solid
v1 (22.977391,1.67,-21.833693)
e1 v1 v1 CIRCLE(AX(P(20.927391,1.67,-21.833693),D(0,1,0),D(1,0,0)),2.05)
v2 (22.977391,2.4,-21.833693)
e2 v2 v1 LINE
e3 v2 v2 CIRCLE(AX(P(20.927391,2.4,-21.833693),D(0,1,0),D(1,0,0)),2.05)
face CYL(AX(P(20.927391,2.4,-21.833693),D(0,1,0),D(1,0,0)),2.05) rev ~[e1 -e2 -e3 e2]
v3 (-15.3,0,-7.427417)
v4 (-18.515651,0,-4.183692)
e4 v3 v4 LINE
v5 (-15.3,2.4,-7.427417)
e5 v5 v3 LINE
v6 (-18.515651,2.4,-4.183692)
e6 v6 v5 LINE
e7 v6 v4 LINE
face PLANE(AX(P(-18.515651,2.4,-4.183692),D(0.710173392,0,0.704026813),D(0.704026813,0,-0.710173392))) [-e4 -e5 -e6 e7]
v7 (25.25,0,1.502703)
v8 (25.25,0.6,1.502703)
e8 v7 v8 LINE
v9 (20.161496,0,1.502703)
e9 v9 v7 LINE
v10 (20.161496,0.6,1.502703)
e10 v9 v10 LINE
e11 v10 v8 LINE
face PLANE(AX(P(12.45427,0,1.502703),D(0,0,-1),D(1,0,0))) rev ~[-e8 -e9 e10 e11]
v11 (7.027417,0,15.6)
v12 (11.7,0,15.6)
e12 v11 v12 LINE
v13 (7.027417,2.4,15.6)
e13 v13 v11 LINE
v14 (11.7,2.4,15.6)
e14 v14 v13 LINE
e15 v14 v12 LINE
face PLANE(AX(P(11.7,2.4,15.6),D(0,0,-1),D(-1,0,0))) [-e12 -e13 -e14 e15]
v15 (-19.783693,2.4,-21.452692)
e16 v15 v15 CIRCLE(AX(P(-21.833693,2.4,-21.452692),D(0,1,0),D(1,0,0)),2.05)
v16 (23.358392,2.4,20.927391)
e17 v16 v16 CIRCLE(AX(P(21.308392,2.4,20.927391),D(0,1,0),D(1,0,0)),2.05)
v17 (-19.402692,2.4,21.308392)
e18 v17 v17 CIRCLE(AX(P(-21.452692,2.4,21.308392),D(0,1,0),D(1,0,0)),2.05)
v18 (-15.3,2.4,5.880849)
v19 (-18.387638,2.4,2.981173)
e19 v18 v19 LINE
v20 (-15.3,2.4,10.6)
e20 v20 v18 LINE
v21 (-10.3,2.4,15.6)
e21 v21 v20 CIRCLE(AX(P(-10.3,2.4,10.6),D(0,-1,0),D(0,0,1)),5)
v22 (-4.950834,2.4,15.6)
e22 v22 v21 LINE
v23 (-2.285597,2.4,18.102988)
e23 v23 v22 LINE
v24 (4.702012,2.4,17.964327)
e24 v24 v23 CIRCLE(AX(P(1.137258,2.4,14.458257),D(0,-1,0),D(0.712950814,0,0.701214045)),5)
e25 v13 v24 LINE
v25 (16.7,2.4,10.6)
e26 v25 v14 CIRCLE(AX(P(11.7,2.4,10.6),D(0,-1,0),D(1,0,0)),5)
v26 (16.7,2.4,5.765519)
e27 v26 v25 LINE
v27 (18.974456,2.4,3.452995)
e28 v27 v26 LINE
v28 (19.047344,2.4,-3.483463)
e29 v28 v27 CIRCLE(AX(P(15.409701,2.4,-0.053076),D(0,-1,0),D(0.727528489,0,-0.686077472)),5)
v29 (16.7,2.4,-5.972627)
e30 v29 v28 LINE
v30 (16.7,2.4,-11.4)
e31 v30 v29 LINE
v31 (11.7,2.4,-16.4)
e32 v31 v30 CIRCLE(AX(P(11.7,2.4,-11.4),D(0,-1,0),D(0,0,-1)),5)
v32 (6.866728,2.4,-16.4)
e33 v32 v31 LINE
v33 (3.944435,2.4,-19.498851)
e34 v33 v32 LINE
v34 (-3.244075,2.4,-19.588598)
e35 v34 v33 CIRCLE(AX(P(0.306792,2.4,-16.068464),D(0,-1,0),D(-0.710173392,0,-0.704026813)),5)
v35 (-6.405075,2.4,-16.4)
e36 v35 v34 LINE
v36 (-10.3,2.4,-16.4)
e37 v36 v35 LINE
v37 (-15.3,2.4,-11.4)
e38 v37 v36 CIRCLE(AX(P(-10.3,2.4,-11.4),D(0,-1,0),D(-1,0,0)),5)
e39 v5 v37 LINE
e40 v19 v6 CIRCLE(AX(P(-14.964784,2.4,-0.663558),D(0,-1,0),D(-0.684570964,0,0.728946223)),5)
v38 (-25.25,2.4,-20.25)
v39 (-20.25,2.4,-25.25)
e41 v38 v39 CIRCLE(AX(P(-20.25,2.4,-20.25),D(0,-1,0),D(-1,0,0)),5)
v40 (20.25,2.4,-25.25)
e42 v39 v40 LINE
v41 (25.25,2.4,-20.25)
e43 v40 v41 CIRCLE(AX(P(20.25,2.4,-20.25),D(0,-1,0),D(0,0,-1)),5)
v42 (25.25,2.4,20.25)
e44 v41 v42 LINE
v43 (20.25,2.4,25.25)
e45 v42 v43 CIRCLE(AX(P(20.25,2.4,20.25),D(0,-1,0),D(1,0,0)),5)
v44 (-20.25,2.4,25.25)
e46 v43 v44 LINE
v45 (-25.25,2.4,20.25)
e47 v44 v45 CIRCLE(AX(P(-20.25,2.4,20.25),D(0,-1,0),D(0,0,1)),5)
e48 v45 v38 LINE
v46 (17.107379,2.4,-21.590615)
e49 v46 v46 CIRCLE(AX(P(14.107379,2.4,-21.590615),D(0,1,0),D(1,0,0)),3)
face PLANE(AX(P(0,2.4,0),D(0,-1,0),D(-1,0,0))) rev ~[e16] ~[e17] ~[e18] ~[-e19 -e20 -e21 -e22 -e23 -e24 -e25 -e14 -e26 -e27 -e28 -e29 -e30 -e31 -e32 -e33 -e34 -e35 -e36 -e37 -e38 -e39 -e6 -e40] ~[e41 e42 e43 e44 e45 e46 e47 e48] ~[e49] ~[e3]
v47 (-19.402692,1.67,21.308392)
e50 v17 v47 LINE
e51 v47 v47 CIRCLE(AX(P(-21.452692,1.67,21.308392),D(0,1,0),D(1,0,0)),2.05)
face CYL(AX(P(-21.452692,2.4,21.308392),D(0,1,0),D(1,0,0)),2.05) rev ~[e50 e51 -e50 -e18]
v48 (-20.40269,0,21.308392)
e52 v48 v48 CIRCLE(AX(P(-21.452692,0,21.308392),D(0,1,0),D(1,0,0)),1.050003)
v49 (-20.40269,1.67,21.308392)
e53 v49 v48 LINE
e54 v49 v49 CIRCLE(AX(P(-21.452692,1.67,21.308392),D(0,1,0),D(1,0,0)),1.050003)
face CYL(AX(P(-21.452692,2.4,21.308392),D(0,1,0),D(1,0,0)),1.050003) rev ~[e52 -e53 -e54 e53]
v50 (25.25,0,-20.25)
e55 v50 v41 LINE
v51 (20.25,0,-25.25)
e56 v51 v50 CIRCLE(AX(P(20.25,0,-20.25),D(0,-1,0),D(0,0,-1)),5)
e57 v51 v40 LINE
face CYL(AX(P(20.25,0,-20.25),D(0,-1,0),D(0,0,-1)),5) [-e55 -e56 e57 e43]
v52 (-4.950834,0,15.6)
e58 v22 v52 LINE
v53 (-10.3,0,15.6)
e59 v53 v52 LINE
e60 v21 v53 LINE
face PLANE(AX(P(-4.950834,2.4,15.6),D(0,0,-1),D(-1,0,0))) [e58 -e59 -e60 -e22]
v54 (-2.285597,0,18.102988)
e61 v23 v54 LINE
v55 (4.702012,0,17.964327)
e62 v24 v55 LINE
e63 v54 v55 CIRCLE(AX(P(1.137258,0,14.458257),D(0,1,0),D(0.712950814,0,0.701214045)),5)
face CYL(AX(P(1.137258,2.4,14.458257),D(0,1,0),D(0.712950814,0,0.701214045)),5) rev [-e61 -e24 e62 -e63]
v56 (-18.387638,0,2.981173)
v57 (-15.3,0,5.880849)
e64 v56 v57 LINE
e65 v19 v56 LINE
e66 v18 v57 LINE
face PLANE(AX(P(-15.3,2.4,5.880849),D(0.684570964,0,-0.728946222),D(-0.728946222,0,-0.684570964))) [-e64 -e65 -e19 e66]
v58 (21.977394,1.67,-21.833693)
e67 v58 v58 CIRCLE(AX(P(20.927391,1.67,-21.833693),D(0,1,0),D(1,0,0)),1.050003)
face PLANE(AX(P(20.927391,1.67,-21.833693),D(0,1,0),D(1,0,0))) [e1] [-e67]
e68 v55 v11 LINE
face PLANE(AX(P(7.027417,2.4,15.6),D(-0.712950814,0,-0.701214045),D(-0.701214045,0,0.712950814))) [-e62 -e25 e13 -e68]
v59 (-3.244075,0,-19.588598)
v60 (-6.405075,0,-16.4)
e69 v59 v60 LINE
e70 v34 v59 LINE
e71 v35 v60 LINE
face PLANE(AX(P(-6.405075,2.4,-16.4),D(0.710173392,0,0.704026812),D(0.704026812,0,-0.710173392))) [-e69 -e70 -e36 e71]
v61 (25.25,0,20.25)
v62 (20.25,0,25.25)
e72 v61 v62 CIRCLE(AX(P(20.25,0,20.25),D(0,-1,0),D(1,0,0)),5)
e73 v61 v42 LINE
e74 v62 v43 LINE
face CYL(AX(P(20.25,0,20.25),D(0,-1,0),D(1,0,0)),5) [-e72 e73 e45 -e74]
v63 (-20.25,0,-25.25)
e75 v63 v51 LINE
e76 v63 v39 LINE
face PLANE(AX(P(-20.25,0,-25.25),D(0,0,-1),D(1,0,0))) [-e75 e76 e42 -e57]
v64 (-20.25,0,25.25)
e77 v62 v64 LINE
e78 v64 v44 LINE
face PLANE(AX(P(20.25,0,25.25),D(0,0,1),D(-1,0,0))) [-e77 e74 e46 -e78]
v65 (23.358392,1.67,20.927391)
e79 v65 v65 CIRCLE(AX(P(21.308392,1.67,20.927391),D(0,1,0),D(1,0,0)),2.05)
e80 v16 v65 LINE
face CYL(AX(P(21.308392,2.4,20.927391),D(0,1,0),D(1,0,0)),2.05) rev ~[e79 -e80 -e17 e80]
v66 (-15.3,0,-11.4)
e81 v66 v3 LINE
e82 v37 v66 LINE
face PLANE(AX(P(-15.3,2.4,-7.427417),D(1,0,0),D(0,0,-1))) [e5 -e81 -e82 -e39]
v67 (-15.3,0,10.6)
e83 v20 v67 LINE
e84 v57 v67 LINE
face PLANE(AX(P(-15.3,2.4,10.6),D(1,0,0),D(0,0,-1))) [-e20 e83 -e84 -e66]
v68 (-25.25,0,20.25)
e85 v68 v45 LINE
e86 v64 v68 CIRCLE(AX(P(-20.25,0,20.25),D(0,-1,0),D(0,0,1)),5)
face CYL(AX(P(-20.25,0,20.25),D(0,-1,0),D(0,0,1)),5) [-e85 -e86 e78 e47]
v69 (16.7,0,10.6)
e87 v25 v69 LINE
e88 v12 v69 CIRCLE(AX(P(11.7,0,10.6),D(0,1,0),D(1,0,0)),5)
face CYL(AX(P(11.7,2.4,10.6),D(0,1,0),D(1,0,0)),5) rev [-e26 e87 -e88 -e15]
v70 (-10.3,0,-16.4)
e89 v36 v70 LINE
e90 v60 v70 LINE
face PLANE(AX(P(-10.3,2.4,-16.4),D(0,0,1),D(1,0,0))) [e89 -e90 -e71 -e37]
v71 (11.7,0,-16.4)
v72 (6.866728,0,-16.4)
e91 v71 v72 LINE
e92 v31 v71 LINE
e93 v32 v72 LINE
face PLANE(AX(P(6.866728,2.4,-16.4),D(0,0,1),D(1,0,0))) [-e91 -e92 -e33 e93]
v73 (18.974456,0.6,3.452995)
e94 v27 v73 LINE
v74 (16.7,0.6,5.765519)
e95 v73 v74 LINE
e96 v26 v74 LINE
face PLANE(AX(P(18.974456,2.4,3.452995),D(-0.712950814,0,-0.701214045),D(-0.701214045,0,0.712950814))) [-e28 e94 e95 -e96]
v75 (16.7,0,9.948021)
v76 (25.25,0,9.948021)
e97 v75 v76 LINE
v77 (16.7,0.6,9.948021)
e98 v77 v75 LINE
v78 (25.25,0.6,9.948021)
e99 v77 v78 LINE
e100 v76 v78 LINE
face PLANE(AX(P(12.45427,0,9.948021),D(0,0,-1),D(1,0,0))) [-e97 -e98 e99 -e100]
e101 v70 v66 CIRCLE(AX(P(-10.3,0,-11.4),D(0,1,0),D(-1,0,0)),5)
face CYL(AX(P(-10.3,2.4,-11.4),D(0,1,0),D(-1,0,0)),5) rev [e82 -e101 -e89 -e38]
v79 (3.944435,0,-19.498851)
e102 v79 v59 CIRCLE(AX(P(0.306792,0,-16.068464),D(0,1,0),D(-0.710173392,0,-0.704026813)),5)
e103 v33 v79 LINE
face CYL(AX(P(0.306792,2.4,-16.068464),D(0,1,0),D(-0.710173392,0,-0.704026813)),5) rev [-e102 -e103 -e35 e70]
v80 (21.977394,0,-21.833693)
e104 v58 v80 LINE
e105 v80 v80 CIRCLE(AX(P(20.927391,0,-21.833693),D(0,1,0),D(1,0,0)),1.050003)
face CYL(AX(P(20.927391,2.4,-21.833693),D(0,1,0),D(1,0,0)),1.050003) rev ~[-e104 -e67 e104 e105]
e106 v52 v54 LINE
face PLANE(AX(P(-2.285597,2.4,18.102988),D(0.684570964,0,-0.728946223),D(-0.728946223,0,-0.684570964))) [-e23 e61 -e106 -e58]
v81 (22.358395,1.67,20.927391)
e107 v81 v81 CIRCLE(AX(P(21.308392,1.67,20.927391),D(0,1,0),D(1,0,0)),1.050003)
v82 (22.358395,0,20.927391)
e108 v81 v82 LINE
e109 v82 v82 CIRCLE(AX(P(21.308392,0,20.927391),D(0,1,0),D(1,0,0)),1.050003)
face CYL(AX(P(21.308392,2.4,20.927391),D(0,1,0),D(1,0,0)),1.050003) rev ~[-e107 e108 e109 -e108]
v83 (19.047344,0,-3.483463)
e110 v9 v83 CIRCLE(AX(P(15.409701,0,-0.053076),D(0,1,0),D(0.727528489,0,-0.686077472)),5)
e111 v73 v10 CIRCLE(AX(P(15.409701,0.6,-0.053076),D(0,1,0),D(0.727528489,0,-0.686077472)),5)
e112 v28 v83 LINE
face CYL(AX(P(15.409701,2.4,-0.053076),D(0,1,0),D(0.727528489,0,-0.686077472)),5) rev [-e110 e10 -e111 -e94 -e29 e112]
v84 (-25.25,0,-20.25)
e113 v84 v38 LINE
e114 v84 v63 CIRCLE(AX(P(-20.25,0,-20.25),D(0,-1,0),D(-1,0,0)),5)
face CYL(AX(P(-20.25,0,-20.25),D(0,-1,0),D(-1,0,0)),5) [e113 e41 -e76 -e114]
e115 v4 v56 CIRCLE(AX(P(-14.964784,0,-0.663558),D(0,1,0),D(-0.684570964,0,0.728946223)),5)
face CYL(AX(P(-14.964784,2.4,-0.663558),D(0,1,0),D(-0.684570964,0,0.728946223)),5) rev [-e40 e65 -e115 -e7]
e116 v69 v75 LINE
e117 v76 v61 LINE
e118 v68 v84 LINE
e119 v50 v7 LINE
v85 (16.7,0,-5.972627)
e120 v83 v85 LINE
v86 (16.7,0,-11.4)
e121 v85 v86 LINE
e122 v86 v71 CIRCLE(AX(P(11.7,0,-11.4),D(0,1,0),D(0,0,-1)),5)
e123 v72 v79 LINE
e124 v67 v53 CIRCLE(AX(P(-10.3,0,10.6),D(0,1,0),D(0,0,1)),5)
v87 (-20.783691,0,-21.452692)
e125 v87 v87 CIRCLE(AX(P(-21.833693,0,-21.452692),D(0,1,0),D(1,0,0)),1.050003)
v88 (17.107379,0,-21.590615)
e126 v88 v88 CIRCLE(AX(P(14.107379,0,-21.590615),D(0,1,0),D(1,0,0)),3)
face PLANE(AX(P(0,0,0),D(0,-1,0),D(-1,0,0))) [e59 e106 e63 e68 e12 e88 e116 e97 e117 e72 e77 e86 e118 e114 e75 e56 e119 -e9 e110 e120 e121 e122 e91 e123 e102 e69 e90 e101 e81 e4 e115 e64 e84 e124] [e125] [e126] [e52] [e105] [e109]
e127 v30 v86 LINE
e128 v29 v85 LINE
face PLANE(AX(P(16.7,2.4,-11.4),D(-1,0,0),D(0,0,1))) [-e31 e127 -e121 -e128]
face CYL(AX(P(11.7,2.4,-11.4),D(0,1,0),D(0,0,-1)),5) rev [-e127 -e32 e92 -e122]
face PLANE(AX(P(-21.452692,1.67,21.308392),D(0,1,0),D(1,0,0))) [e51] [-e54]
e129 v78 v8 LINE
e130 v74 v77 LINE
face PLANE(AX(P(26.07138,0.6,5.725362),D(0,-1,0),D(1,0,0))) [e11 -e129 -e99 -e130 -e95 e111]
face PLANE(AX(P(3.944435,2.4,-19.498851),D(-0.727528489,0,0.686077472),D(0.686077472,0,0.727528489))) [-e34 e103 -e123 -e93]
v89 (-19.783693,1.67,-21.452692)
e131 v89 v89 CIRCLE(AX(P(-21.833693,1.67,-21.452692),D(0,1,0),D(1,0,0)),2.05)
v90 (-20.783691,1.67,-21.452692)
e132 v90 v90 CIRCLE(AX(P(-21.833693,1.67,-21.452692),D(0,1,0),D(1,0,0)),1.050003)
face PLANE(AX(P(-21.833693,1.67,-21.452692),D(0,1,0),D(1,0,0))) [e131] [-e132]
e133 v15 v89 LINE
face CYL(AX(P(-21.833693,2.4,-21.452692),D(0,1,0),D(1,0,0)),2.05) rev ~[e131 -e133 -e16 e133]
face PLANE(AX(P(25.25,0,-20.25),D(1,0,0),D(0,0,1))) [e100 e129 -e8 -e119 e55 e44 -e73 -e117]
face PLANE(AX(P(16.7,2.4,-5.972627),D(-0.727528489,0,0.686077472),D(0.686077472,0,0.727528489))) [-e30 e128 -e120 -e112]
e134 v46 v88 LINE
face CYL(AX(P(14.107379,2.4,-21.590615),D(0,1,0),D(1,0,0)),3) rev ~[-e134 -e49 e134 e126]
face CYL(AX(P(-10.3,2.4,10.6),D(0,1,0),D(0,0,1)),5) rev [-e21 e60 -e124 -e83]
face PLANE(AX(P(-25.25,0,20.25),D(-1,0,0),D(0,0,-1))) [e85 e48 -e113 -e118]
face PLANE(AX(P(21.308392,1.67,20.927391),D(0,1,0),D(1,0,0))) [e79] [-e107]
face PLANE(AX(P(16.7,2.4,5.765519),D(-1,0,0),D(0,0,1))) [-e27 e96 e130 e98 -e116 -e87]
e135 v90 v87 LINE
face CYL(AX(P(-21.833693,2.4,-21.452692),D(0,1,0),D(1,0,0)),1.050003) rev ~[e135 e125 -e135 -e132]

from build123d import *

# Parameters (mm, degrees)
EXTRUDE_1_DEPTH      = 2.4
SKETCH_2_R           = 1.05000254
CUT_EXTRUDE_1_DEPTH  = 10
CUT_EXTRUDE_8_DEPTH  = 3.4
SKETCH_4_R           = 2.05
CUT_EXTRUDE_9_DEPTH  = 0.73
SKETCH_5_R           = 3
CUT_EXTRUDE_10_DEPTH = 3.4
SKETCH_6_W           = 27.234219955
SKETCH_6_H           = 8.445318751
CUT_EXTRUDE_12_DEPTH = 0.6


with BuildPart() as part:
    # 草图1 → 凸台-拉伸1 (new body)
    with BuildSketch(Plane(origin=(0, 0, 0), x_dir=(1, 0, 0), z_dir=(0, 1, 0))):
        with BuildLine():
            Line((-20.25, 25.25), (20.25, 25.25))
            ThreePointArc((20.25, 25.25), (23.785533906, 23.785533906), (25.25, 20.25))
            Line((25.25, 20.25), (25.25, -20.25))
            ThreePointArc((25.25, -20.25), (23.785533906, -23.785533906), (20.25, -25.25))
            Line((20.25, -25.25), (-20.25, -25.25))
            ThreePointArc((-20.25, -25.25), (-23.785533906, -23.785533906), (-25.25, -20.25))
            Line((-25.25, -20.25), (-25.25, 20.25))
            ThreePointArc((-25.25, 20.25), (-23.785533906, 23.785533906), (-20.25, 25.25))
        make_face()
    extrude(amount=EXTRUDE_1_DEPTH)

    # 草图2 → 切除-拉伸1 (cut)
    with BuildSketch(Plane(origin=(0, 2.4, 0), x_dir=(1, 0, 0), z_dir=(0, 1, 0))):
        with Locations((21.308392177, -20.927391415)):
            Circle(SKETCH_2_R)
        with Locations((-21.452692405, -21.308392177)):
            Circle(SKETCH_2_R)
        with Locations((-21.833693167, 21.452692405)):
            Circle(SKETCH_2_R)
        with Locations((20.927391415, 21.833693167)):
            Circle(SKETCH_2_R)
    extrude(amount=-CUT_EXTRUDE_1_DEPTH, mode=Mode.SUBTRACT)

    # 草图3 → 切除-拉伸8 (cut, through all)
    with BuildSketch(Plane(origin=(0, 2.4, 0), x_dir=(1, 0, 0), z_dir=(0, 1, 0))):
        with BuildLine():
            Line((-18.515650574, 4.18369185), (-15.3, 7.427416998))
            Line((-15.3, 7.427416998), (-15.3, 11.4))
            ThreePointArc((-15.3, 11.4), (-13.835533906, 14.935533906), (-10.3, 16.4))
            Line((-10.3, 16.4), (-6.40507507, 16.4))
            Line((-6.40507507, 16.4), (-3.244074851, 19.588597663))
            ThreePointArc((-3.244074851, 19.588597663), (0.369210969, 21.068073973), (3.944434556, 19.49885096))
            Line((3.944434556, 19.49885096), (6.866728136, 16.4))
            Line((6.866728136, 16.4), (11.7, 16.4))
            ThreePointArc((11.7, 16.4), (15.235533906, 14.935533906), (16.7, 11.4))
            Line((16.7, 11.4), (16.7, 5.972627416))
            Line((16.7, 5.972627416), (19.047343924, 3.483463075))
            ThreePointArc((19.047343924, 3.483463075), (20.409425455, 0.000538557), (18.974455547, -3.452994511))
            Line((18.974455547, -3.452994511), (16.7, -5.765519402))
            Line((16.7, -5.765519402), (16.7, -10.6))
            ThreePointArc((16.7, -10.6), (15.235533906, -14.135533906), (11.7, -15.6))
            Line((11.7, -15.6), (7.027416998, -15.6))
            Line((7.027416998, -15.6), (4.702011711, -17.964327417))
            ThreePointArc((4.702011711, -17.964327417), (1.236457236, -19.457273038), (-2.285597178, -18.102988303))
            Line((-2.285597178, -18.102988303), (-4.950834187, -15.6))
            Line((-4.950834187, -15.6), (-10.3, -15.6))
            ThreePointArc((-10.3, -15.6), (-13.835533906, -14.135533906), (-15.3, -10.6))
            Line((-15.3, -10.6), (-15.3, -5.880848985))
            Line((-15.3, -5.880848985), (-18.387638433, -2.981173325))
            ThreePointArc((-18.387638433, -2.981173325), (-19.963985761, 0.57423879), (-18.515650574, 4.18369185))
        make_face()
    extrude(amount=-CUT_EXTRUDE_8_DEPTH, mode=Mode.SUBTRACT)

    # 草图4 → 切除-拉伸9 (cut)
    with BuildSketch(Plane(origin=(0, 2.4, 0), x_dir=(1, 0, 0), z_dir=(0, 1, 0))):
        with Locations((-21.833693167, 21.452692405)):
            Circle(SKETCH_4_R)
        with Locations((20.927391415, 21.833693167)):
            Circle(SKETCH_4_R)
        with Locations((21.308392177, -20.927391415)):
            Circle(SKETCH_4_R)
        with Locations((-21.452692405, -21.308392177)):
            Circle(SKETCH_4_R)
    extrude(amount=-CUT_EXTRUDE_9_DEPTH, mode=Mode.SUBTRACT)

    # 草图5 → 切除-拉伸10 (cut, through all)
    with BuildSketch(Plane(origin=(0, 2.4, 0), x_dir=(1, 0, 0), z_dir=(0, 1, 0))):
        with Locations((14.107378715, 21.590614681)):
            Circle(SKETCH_5_R)
    extrude(amount=-CUT_EXTRUDE_10_DEPTH, mode=Mode.SUBTRACT)

    # 草图6 → 切除-拉伸12 (cut)
    with BuildSketch(Plane.XZ):
        with Locations((26.071380204, 5.725361951)):
            Rectangle(SKETCH_6_W, SKETCH_6_H)
    extrude(amount=-CUT_EXTRUDE_12_DEPTH, mode=Mode.SUBTRACT)


solid = part.part
